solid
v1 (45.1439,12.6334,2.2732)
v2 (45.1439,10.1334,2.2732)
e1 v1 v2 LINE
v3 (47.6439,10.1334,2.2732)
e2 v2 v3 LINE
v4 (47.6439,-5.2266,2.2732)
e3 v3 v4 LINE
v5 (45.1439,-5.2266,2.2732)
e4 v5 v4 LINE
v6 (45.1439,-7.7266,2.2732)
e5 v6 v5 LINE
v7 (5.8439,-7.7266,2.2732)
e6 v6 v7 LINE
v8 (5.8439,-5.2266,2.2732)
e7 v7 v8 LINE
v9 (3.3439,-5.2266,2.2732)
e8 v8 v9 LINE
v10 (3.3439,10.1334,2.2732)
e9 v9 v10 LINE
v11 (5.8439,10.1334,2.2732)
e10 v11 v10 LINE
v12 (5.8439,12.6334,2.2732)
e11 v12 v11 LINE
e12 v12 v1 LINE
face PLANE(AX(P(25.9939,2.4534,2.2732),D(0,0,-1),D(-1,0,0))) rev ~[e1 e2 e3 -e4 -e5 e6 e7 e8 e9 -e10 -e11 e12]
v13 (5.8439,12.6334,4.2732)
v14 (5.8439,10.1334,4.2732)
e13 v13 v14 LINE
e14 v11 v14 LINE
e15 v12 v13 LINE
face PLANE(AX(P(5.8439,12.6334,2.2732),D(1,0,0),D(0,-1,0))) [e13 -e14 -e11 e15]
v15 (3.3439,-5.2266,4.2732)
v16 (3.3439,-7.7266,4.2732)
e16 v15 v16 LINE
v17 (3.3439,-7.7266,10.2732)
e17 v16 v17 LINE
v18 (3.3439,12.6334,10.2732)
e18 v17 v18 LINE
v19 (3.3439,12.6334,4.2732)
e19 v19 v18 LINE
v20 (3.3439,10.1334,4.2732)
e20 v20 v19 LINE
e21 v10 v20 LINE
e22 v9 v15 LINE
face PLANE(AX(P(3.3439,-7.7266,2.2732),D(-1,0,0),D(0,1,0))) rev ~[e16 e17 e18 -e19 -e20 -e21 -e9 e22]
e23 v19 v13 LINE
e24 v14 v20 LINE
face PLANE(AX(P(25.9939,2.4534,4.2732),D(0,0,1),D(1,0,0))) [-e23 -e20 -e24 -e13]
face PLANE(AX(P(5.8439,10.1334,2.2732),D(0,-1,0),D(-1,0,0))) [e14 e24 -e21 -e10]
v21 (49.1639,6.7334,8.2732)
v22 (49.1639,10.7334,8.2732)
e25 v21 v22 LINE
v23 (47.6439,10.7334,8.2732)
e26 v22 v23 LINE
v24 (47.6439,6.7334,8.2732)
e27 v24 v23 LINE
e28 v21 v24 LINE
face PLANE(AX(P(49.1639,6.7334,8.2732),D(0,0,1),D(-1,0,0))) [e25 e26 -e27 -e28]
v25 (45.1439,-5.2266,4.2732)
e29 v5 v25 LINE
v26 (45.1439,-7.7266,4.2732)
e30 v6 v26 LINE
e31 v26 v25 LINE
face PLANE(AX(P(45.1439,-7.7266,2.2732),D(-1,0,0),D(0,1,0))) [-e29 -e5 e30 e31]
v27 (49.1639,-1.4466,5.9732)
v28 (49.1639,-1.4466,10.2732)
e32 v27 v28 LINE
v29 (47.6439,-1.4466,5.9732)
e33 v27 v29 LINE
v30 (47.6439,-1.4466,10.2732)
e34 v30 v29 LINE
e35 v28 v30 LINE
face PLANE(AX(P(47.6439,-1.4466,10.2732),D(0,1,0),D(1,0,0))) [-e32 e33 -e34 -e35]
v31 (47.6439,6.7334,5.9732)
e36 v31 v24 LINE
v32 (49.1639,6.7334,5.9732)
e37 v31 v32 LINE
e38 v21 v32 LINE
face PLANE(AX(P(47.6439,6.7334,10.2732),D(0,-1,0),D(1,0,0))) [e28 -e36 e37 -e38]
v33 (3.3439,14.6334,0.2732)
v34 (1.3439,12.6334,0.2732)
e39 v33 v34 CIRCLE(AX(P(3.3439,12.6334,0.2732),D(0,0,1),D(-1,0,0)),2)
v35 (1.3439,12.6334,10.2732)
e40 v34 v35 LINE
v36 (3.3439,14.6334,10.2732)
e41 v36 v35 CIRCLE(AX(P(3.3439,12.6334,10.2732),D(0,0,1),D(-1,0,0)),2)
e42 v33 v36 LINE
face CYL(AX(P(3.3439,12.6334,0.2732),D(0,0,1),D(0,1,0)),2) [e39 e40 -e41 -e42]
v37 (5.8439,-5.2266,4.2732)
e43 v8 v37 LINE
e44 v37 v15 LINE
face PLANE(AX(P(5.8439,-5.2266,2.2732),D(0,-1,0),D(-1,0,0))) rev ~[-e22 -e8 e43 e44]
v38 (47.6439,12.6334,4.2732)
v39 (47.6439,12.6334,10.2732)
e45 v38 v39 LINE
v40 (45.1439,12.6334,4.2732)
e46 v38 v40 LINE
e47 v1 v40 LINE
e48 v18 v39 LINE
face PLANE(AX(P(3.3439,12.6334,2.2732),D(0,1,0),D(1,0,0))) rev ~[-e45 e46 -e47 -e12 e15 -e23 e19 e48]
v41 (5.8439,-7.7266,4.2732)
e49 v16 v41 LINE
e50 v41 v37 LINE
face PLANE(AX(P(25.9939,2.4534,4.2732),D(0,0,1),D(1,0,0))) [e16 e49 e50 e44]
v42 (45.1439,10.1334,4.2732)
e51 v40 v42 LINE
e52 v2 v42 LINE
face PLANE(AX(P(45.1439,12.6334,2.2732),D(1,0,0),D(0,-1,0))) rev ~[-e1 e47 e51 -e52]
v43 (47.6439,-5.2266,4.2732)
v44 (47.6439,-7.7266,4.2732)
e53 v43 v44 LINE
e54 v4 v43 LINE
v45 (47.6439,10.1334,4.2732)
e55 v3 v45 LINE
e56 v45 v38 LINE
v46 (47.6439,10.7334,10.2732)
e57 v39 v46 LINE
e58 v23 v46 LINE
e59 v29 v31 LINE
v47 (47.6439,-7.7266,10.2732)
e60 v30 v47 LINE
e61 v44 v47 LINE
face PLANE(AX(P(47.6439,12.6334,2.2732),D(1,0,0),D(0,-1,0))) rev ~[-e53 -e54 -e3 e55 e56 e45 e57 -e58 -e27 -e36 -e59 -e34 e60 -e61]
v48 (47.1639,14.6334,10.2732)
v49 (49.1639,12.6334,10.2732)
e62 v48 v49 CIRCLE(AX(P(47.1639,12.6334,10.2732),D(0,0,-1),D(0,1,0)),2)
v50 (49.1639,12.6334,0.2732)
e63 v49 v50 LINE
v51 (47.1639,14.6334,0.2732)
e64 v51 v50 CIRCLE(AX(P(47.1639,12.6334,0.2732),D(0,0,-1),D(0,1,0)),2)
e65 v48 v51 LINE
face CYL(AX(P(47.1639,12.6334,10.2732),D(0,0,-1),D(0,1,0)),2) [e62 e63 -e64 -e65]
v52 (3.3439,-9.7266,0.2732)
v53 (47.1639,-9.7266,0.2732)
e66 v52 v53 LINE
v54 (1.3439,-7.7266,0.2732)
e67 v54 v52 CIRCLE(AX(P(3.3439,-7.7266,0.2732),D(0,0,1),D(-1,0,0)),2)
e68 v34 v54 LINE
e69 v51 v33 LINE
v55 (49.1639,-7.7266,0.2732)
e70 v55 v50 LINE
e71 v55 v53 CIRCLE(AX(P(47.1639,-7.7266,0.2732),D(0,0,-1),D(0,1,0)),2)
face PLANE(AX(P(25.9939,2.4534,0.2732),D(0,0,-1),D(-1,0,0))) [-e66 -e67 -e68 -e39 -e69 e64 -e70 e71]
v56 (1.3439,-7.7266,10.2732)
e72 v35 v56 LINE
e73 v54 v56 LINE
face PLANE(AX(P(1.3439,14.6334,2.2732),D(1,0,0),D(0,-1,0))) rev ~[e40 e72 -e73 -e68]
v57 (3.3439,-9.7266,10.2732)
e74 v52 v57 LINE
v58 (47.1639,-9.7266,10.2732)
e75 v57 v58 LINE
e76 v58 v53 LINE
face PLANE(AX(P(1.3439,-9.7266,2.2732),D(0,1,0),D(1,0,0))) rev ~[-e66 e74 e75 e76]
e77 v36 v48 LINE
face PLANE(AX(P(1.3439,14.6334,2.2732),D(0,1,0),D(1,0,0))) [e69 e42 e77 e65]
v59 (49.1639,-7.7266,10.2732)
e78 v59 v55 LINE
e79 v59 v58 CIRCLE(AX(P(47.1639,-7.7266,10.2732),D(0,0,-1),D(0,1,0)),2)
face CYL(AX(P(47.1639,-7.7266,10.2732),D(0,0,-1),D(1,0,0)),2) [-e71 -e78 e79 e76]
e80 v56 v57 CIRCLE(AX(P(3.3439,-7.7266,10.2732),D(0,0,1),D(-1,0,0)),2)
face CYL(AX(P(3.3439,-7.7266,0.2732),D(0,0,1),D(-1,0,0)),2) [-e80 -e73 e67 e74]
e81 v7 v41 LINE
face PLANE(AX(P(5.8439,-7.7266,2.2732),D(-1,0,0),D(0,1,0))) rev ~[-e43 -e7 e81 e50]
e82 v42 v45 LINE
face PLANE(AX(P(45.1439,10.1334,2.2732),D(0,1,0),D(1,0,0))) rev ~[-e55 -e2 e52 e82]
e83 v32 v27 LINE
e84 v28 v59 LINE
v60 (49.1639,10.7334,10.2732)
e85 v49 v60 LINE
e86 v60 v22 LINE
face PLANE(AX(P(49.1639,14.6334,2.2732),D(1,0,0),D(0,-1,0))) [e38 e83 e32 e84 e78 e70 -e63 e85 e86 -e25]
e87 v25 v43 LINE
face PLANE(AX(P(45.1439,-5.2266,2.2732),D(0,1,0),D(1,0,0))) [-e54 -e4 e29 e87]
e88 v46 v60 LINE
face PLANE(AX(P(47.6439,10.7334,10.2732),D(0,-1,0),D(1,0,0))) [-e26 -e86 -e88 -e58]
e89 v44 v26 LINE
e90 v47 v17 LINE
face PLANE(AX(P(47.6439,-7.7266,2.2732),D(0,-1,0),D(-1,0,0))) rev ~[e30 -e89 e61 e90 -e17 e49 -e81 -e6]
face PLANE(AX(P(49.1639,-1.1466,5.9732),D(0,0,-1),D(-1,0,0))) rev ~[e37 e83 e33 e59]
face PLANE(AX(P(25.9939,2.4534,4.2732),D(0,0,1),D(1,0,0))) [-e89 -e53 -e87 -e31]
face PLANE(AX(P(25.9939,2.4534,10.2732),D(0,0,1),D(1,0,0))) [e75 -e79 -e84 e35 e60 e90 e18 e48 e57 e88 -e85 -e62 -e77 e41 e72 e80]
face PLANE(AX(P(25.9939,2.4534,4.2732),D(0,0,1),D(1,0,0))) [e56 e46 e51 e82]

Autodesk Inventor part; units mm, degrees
ref_plane "YZ Plane" through (0, 0, 0) normal (1, 0, 0) x (0, 1, 0)
ref_plane "XZ Plane" through (0, 0, 0) normal (0, 1, 0) x (-1, 0, 0)
ref_plane "Work Plane1" through (25.9939, 2.4534, 2.2732) normal (0, 0, -1) x (-1, 0, 0)
sketch "Sketch1" plane through (25.9939, 2.4534, 2.2732) normal (0, 0, -1) x (-1, 0, 0)
  line L0 (21.65, -9.18) -> (-21.65, -9.18) projected
  line L1 (21.65, 9.18) -> (21.65, -9.18) projected
  line L2 (-21.65, 9.18) -> (21.65, 9.18) projected
  line L3 (-21.65, -9.18) -> (-21.65, 9.18) projected
  line L4 (24.65, 12.18) -> (24.65, -12.18)
  line L5 (24.65, -12.18) -> (-23.17, -12.18)
  line L6 (-23.17, 12.18) -> (24.65, 12.18)
  line L7 (-23.17, 3.98) -> (-23.17, -3.6) projected
  line L8 (-23.17, 12.18) -> (-23.17, -12.18)
  point P0 (25.9939, -2.4534)
  dimension "d0" = 3
extrude "Extrusion1" add sketch "Sketch1" along normal blind 2 contours L0 L3 L2 L1 | L4 L5 L8 L7 L6
sketch "Sketch2" plane through (25.9939, 2.4534, 2.2732) normal (0, 0, 1) x (1, 0, 0)
  line L0 (-24.65, 12.18) -> (-24.65, -12.18) projected
  line L1 (-24.65, -12.18) -> (23.17, -12.18) projected
  line L2 (21.65, 9.18) -> (-21.65, 9.18) projected
  line L3 (-21.65, 9.18) -> (-21.65, -9.18) projected
  line L4 (-21.65, -9.18) -> (21.65, -9.18) projected
  line L5 (21.65, -10.18) -> (-22.65, -10.18)
  line L6 (-22.65, -10.18) -> (-22.65, 10.18)
  line L7 (-22.65, 10.18) -> (21.65, 10.18)
  line L8 (21.65, 10.18) -> (21.65, -10.18)
  line L9 (-24.65, 12.18) -> (23.17, 12.18)
  line L10 (23.17, 12.18) -> (23.17, -12.18)
  line L11 (23.17, -12.18) -> (-24.65, -12.18)
  line L12 (-24.65, -12.18) -> (-24.65, 12.18)
  point P0 (-25.9939, -2.4534)
  dimension "d3" = 1
extrude "Extrusion2" add sketch "Sketch2" along normal blind 8
sketch "Sketch4" plane through (25.9939, 2.4534, 10.2732) normal (0, 0, 1) x (1, 0, 0)
  line L0 (21.65, 10.18) -> (21.65, -10.18) projected
  line L1 (23.17, 3.98) -> (13.97, 3.98) construction
  line L2 (13.97, -3.6) -> (23.17, -3.6) construction
  line L3 (21.65, 3.98) -> (23.17, 3.98)
  line L4 (23.17, 3.98) -> (23.17, -3.6)
  line L5 (23.17, -3.6) -> (21.65, -3.6)
  line L6 (21.65, -3.6) -> (21.65, 3.98)
  point P0 (-25.9939, -2.4534)
ref_plane "Work Plane2" through (4.3439, -6.7266, 5.9732) normal (0, 0, 1) x (1, 0, 0)
extrude "Extrusion4" cut sketch "Sketch4" against normal up to surface (4.3 mm away)
sketch "Sketch5" plane through (47.6439, -1.1466, 10.2732) normal (0, 1, 0) x (1, 0, 0)
  line L0 (1.52, 4.3) -> (0, 4.3) projected
  line L1 (0, 0) -> (0, 4.3) projected
  line L2 (1.52, 0) -> (0, 0) projected
  line L3 (1.52, 4.3) -> (1.52, 0) projected
  point P0 (-47.6439, 10.2732)
extrude "Extrusion5" cut sketch "Sketch5" against normal blind 0.3
sketch "Sketch6" plane through (47.6439, 6.4334, 10.2732) normal (0, -1, 0) x (1, 0, 0)
  line L0 (0, -4.3) -> (1.52, -4.3) projected
  line L1 (1.52, 0) -> (1.52, -4.3) projected
  line L2 (0, 0) -> (1.52, 0) projected
  line L3 (0, -4.3) -> (0, 0) projected
  point P0 (-47.6439, -10.2732)
extrude "Extrusion6" cut sketch "Sketch6" against normal blind 0.3
sketch "Sketch7" plane through (47.6439, 6.7334, 10.2732) normal (0, -1, 0) x (1, 0, 0)
  line L0 (1.52, 0) -> (1.52, -4.3) projected
  line L1 (0, 0) -> (1.52, 0) projected
  line L2 (0, -4.3) -> (0, 0) projected
  line L3 (0, 0) -> (1.52, 0)
  line L4 (1.52, 0) -> (1.52, -2)
  line L5 (1.52, -2) -> (0, -2)
  line L6 (0, -2) -> (0, 0)
  point P0 (-47.6439, -10.2732)
  dimension "d14" = 2
  dimension "d15" = 0
extrude "Extrusion7" cut sketch "Sketch7" against normal blind 4
sketch "Sketch8" plane through (25.9939, 2.4534, 2.2732) normal (0, 0, 1) x (1, 0, 0)
  line L0 (-22.65, 10.18) -> (-20.15, 10.18)
  line L1 (-20.15, 10.18) -> (-20.15, 7.68)
  line L2 (-20.15, 7.68) -> (-22.65, 7.68)
  line L3 (-22.65, 7.68) -> (-22.65, 10.18)
  line L4 (21.65, 10.18) -> (19.15, 10.18)
  line L5 (19.15, 10.18) -> (19.15, 7.68)
  line L6 (19.15, 7.68) -> (21.65, 7.68)
  line L7 (21.65, 7.68) -> (21.65, 10.18)
  line L8 (-22.65, -10.18) -> (-20.15, -10.18)
  line L9 (-20.15, -10.18) -> (-20.15, -7.68)
  line L10 (-20.15, -7.68) -> (-22.65, -7.68)
  line L11 (-22.65, -7.68) -> (-22.65, -10.18)
  line L12 (21.65, -10.18) -> (19.15, -10.18)
  line L13 (19.15, -10.18) -> (19.15, -7.68)
  line L14 (19.15, -7.68) -> (21.65, -7.68)
  line L15 (21.65, -7.68) -> (21.65, -10.18)
  point P0 (-25.9939, -2.4534)
  dimension "d18" = 2.5
  dimension "d19" = 2.5
  dimension "d20" = 2.5
  dimension "d21" = 2.5
  dimension "d22" = 2.5
  dimension "d23" = 2.5
extrude "Extrusion8" add sketch "Sketch8" along normal blind 2
fillet "Fillet1" radius 2 4 edges at (49.1639, 14.6334, 5.2732) (49.1639, -9.7266, 5.2732) (1.3439, 14.6334, 5.2732) (1.3439, -9.7266, 5.2732)
properties part number "NanoCaseBottom" material "ABS Plastic"
